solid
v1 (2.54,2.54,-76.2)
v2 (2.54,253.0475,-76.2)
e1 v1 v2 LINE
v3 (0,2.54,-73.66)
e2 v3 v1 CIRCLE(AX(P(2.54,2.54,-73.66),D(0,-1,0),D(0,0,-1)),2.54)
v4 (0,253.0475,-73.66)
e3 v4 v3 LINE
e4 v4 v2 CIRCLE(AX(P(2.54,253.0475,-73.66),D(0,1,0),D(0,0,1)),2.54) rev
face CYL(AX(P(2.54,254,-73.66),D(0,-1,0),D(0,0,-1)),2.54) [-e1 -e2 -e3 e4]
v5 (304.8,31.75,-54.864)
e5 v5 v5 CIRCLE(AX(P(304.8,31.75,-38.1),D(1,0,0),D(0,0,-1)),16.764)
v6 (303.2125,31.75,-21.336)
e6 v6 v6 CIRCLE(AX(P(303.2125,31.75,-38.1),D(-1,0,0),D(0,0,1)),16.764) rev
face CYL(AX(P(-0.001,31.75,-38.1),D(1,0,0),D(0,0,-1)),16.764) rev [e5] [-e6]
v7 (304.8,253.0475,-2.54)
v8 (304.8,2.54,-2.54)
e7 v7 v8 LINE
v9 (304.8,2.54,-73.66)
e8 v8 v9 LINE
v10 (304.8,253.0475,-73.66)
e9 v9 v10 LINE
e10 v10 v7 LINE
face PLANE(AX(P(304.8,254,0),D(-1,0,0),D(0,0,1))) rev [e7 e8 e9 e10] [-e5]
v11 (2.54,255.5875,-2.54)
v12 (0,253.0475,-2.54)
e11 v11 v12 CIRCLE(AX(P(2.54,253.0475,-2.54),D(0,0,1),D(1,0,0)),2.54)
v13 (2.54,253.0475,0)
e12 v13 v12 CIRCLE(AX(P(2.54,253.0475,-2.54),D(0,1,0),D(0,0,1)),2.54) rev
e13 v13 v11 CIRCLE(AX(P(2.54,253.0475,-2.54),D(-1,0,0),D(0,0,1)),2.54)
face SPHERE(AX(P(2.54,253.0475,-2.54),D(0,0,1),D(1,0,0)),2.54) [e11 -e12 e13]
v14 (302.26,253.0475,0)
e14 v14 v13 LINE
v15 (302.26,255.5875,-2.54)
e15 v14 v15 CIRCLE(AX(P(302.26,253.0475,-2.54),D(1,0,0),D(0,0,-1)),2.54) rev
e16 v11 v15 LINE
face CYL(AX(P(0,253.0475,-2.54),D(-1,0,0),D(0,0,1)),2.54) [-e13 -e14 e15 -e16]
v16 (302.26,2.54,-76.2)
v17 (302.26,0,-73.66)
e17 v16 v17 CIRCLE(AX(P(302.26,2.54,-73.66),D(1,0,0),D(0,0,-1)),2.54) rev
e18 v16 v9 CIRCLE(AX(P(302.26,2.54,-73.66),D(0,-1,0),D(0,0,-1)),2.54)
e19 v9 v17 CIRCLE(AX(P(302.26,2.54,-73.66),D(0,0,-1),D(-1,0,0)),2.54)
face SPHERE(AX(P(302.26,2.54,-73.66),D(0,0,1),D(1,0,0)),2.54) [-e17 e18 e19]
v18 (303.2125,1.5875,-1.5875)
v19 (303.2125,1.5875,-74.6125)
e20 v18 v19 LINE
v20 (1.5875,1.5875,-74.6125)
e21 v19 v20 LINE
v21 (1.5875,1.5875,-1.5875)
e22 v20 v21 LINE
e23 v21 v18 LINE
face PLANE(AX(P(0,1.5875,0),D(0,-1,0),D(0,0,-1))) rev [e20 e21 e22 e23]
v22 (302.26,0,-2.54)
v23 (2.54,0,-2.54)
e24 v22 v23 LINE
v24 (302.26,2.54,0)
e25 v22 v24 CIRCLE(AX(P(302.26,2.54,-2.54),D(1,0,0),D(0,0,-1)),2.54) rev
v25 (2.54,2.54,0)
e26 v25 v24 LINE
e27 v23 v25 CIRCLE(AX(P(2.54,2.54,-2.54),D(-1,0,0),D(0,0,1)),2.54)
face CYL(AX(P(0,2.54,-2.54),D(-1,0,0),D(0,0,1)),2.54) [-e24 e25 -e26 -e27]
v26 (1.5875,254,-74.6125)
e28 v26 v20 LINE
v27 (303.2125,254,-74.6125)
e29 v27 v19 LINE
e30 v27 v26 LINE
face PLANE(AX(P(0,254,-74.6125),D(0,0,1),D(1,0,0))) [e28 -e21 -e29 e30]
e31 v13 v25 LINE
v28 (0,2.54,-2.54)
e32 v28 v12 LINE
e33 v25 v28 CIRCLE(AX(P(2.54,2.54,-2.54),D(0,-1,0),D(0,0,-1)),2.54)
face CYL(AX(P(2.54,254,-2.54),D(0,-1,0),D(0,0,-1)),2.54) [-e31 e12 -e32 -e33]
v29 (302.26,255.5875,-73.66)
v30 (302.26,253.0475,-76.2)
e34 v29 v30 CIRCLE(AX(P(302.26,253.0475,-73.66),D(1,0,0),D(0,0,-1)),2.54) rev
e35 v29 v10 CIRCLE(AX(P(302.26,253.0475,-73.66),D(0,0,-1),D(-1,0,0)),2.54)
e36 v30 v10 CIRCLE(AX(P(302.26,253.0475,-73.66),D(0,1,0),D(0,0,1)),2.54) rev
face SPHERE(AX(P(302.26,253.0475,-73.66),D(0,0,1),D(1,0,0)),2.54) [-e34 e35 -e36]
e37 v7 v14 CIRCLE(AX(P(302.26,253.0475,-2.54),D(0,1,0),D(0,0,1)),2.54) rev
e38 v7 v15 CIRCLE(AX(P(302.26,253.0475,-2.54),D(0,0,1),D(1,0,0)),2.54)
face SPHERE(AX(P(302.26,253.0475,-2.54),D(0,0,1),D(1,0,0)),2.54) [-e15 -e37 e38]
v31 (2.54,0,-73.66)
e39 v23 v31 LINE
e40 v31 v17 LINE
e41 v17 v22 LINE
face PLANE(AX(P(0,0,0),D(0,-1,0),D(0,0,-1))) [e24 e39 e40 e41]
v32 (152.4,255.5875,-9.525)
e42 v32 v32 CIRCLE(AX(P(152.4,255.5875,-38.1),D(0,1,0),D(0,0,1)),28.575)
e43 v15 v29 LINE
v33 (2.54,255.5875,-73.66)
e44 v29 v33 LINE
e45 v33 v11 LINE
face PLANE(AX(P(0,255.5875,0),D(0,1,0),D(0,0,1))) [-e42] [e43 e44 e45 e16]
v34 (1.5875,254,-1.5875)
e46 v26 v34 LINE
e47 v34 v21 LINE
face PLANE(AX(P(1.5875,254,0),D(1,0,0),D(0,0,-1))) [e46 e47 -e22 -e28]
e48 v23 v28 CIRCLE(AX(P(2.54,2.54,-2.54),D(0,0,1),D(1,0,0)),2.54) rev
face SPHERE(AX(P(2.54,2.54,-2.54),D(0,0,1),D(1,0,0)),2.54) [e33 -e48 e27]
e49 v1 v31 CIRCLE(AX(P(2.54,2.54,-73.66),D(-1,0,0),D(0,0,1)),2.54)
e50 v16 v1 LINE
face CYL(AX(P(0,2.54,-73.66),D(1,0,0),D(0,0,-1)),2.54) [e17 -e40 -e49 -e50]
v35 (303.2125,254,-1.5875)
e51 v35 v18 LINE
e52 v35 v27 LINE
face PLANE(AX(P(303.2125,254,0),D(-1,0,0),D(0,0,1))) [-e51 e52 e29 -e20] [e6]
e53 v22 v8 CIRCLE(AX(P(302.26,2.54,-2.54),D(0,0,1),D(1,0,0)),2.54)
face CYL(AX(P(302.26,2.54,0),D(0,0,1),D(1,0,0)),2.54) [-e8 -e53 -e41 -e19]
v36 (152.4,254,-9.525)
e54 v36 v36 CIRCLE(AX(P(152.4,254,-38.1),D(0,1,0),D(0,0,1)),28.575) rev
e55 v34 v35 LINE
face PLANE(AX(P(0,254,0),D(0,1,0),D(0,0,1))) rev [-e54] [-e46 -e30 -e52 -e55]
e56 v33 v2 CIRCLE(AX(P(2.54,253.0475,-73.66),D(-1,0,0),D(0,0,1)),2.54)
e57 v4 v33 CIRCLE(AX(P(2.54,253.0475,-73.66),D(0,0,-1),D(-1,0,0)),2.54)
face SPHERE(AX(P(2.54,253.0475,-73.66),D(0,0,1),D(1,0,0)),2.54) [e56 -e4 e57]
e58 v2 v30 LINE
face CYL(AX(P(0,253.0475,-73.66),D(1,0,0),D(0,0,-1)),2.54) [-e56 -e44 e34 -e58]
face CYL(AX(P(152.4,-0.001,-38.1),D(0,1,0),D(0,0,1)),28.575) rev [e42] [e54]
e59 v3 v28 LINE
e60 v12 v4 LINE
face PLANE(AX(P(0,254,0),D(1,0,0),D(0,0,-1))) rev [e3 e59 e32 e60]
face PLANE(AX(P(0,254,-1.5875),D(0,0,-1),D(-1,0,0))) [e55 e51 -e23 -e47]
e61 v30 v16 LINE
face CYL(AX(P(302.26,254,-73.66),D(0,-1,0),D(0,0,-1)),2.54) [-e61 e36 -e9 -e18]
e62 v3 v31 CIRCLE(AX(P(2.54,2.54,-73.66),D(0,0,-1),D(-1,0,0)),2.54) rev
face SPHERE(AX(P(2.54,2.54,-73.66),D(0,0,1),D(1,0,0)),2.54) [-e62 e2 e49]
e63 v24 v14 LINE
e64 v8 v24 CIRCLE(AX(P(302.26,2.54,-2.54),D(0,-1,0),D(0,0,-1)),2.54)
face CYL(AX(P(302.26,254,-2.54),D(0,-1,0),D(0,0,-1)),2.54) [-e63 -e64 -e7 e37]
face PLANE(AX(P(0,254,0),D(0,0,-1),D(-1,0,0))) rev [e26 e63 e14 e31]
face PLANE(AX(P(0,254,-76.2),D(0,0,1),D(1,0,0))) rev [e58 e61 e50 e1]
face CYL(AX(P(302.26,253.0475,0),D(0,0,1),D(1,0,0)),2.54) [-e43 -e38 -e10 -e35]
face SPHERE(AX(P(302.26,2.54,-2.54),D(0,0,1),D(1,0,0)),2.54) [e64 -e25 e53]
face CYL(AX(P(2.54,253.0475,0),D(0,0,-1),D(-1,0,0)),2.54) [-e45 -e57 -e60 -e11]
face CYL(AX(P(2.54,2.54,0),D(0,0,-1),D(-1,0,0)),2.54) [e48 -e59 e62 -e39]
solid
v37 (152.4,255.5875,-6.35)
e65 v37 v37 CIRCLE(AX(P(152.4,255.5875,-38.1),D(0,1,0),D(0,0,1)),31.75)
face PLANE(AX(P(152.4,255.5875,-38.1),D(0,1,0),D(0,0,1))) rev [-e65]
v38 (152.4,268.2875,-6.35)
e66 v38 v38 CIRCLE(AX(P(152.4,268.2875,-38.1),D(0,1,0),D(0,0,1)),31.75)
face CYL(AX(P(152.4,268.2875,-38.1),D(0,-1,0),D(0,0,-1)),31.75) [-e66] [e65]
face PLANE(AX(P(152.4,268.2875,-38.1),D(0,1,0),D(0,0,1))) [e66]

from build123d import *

# Parameters (mm, degrees)
SKETCH1_W           = 304.8
SKETCH1_H           = 76.2
BOSS_EXTRUDE1_DEPTH = 254
SHELL1_T            = -1.5875
SKETCH2_W           = 304.8
SKETCH2_H           = 76.2
BOSS_EXTRUDE2_DEPTH = 1.5875
FILLET1_R           = 2.54
CUT_EXTRUDE1_REACH  = 306.8
SKETCH3_R           = 16.764
CUT_EXTRUDE2_REACH  = 257.588
SKETCH4_R           = 28.575
SKETCH5_R           = 31.75
BOSS_EXTRUDE3_DEPTH = 12.7


with BuildPart() as part:
    # Sketch1 → Boss-Extrude1 (new body)
    with BuildSketch(Plane(origin=(0, 0, 0), x_dir=(1, 0, 0), z_dir=(0, 1, 0))):
        with Locations((152.4, 38.1)):
            Rectangle(SKETCH1_W, SKETCH1_H)
    extrude(amount=BOSS_EXTRUDE1_DEPTH)

    # Shell1
    shell1_openings = [part.faces().sort_by_distance(p)[0] for p in [
        (152.4, 254, -38.1),
    ]]
    offset(amount=SHELL1_T, openings=shell1_openings, kind=Kind.INTERSECTION)

    # Sketch2 → Boss-Extrude2 (add)
    with BuildSketch(Plane(origin=(0, 254, 0), x_dir=(1, 0, 0), z_dir=(0, 1, 0))):
        with Locations((152.4, 38.1)):
            Rectangle(SKETCH2_W, SKETCH2_H)
    extrude(amount=BOSS_EXTRUDE2_DEPTH)

    # Fillet1
    fillet1_edges = [part.edges().sort_by_distance(p)[0] for p in [
        (0, 255.5875, -38.1),
        (152.4, 255.5875, 0),
        (304.8, 255.5875, -38.1),
        (152.4, 255.5875, -76.2),
        (152.4, 0, -76.2),
        (304.8, 0, -38.1),
        (152.4, 0, 0),
        (0, 0, -38.1),
        (0, 127.79375, -76.2),
        (304.8, 127.79375, -76.2),
        (304.8, 127.79375, 0),
        (0, 127.79375, 0),
    ]]
    fillet(fillet1_edges, radius=FILLET1_R)

    # Sketch3 → Cut-Extrude1 (cut, up to next)
    with BuildSketch(Plane(origin=(304.8, 0, 0), x_dir=(0, 0, -1), z_dir=(1, 0, 0)), mode=Mode.PRIVATE) as cut_extrude1_sk1:
        with Locations((38.1, 31.75)):
            Circle(SKETCH3_R)
    cut_extrude1_tool1 = extrude(cut_extrude1_sk1.sketch, amount=-CUT_EXTRUDE1_REACH, mode=Mode.PRIVATE) & part.part
    add(cut_extrude1_tool1.solids().sort_by_distance((304.8, 31.75, -38.1))[0], mode=Mode.SUBTRACT)

    # Sketch4 → Cut-Extrude2 (cut, up to next)
    with BuildSketch(Plane(origin=(0, 255.5875, 0), x_dir=(1, 0, 0), z_dir=(0, 1, 0)), mode=Mode.PRIVATE) as cut_extrude2_sk1:
        with Locations((152.4, 38.1)):
            Circle(SKETCH4_R)
    cut_extrude2_tool1 = extrude(cut_extrude2_sk1.sketch, amount=-CUT_EXTRUDE2_REACH, mode=Mode.PRIVATE) & part.part
    add(cut_extrude2_tool1.solids().sort_by_distance((152.4, 255.5875, -38.1))[0], mode=Mode.SUBTRACT)


with BuildPart() as body_2:
    # Sketch5 → Boss-Extrude3 (new body)
    with BuildSketch(Plane(origin=(0, 255.5875, 0), x_dir=(1, 0, 0), z_dir=(0, 1, 0))):
        with Locations((152.4, 38.1)):
            Circle(SKETCH5_R)
    extrude(amount=BOSS_EXTRUDE3_DEPTH)


solid = Compound([part.part, body_2.part])
